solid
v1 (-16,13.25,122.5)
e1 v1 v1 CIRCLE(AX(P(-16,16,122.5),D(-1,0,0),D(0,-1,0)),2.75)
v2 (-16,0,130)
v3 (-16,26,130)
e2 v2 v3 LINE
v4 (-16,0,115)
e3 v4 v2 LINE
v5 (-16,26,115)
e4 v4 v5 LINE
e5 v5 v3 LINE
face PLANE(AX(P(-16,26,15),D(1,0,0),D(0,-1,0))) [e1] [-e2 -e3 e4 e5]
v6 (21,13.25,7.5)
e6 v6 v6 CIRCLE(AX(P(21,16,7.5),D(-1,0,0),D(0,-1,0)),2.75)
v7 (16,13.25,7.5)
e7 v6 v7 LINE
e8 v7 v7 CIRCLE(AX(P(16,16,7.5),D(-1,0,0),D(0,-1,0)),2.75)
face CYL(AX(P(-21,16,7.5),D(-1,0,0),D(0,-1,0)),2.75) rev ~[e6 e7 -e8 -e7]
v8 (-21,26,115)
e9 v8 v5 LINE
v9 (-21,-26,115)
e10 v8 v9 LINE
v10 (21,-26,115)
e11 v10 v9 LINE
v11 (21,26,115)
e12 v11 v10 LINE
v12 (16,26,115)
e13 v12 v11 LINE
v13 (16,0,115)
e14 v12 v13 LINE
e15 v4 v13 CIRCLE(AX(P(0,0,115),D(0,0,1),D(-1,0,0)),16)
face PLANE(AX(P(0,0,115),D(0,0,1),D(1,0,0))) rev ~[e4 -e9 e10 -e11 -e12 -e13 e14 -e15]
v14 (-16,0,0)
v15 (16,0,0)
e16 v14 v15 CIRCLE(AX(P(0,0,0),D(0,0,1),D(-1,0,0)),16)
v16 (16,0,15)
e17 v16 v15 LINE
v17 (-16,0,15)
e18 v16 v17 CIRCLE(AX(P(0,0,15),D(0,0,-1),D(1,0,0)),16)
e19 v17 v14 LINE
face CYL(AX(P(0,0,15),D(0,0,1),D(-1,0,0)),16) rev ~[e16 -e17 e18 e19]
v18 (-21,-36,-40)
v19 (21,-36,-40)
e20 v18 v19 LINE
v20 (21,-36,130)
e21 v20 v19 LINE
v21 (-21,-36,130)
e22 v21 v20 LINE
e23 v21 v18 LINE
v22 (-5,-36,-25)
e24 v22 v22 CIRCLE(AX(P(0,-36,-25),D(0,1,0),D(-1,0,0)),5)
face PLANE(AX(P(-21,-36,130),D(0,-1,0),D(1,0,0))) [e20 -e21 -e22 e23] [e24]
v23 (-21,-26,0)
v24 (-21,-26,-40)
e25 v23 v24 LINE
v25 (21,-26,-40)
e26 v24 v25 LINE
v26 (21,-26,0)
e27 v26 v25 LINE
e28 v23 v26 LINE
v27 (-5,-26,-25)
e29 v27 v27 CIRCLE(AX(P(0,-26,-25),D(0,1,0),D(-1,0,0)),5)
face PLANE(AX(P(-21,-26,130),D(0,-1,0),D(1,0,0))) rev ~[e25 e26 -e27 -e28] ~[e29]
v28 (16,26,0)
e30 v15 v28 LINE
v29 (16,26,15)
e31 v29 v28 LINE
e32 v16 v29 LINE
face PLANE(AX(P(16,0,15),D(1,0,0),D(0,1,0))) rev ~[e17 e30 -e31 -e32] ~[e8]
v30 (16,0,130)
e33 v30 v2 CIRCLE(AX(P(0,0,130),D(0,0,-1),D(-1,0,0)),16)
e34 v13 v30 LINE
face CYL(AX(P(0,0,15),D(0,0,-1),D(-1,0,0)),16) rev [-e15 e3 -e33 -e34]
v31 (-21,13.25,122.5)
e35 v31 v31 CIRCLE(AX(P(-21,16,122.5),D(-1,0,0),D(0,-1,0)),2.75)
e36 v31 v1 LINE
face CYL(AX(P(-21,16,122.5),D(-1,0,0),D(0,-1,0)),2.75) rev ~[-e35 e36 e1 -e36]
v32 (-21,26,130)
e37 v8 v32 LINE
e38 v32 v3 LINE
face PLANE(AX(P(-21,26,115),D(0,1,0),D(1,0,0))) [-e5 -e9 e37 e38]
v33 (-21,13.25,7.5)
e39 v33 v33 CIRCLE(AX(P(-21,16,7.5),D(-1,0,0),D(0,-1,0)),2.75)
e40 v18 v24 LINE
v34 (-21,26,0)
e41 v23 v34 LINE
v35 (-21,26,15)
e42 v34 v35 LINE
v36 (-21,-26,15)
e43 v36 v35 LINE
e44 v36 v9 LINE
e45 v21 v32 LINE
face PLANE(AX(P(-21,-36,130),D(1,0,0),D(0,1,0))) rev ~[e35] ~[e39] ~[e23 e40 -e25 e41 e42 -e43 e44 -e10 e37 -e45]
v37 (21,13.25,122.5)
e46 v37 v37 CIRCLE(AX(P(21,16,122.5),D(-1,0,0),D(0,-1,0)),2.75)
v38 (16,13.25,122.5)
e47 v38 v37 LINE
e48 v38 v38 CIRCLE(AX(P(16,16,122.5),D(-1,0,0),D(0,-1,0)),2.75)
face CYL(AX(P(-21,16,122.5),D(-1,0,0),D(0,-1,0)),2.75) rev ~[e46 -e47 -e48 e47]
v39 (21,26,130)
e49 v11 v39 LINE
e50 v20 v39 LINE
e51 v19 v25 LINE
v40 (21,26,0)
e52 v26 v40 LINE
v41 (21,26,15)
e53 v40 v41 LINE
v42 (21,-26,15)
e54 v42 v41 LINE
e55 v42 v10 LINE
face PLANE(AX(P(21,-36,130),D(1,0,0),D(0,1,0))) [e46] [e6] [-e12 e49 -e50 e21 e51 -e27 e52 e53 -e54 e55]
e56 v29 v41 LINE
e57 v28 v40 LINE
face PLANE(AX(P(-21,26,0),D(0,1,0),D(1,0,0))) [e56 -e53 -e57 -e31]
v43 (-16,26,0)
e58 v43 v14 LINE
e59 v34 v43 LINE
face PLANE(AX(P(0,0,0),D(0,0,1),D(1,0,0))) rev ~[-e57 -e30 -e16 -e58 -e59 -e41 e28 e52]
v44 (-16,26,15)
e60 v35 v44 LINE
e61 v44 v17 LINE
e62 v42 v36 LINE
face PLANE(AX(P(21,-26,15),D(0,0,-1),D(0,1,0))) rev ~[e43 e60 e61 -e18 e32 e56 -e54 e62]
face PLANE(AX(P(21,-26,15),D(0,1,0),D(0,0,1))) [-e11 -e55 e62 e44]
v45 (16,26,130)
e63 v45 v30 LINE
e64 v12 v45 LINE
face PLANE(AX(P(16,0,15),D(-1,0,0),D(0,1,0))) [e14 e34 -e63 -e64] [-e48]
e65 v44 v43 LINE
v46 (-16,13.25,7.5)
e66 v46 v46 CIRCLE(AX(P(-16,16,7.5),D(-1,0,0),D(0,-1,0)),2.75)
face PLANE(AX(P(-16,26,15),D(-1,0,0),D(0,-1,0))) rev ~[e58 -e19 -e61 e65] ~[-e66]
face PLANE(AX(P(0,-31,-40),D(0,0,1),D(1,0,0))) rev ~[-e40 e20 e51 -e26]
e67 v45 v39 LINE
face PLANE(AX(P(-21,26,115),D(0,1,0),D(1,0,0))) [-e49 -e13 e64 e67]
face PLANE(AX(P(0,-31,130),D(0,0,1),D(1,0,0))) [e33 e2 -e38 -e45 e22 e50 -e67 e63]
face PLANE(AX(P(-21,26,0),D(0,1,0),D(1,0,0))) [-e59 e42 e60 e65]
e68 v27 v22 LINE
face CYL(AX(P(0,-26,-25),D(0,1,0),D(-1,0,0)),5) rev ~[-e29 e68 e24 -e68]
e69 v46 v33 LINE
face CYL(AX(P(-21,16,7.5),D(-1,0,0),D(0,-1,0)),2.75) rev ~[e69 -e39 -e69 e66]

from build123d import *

# Parameters (mm, degrees)
F0_W      = 42
F0_H      = 52
F1_DEPTH  = 15
F3_DEPTH  = 50
F4_W      = 42
F4_H      = 10
F5_DEPTH  = 100
F6_W      = 42
F6_H      = 52
F7_DEPTH  = 15
F8_DEPTH  = 200
F9_W      = 42
F9_H      = 10
F10_DEPTH = 170
F11_R     = 5
F12_DEPTH = 25
F13_R     = 2.75
F14_DEPTH = 100
F15_W     = 10
F15_H     = 100
F16_DEPTH = 60


with BuildPart() as f1:
    # F0 (on Top) → F1 (new body)
    with BuildSketch(Plane.XY):
        Rectangle(F0_W, F0_H)
    extrude(amount=F1_DEPTH)

    # F2 (on face) → F3 (cut)
    with BuildSketch(Plane.XY.offset(15)):
        with BuildLine():
            Line((-16, 26), (-16, 0))
            ThreePointArc((-16, 0), (0, -16), (16, 0))
            Line((16, 0), (16, 26))
            Line((16, 26), (-16, 26))
        make_face()
    extrude(amount=-F3_DEPTH, mode=Mode.SUBTRACT)

    # F4 (on face) → F5 (join)
    with BuildSketch(Plane.XY.offset(15)):
        with Locations((0, -21)):
            Rectangle(F4_W, F4_H)
    extrude(amount=F5_DEPTH)

    # F6 (on face) → F7 (join)
    with BuildSketch(Plane.XY.offset(115)):
        Rectangle(F6_W, F6_H)
    extrude(amount=F7_DEPTH)

    # F2 (on face) → F8 (cut)
    with BuildSketch(Plane.XY.offset(15)):
        with BuildLine():
            Line((-16, 26), (-16, 0))
            ThreePointArc((-16, 0), (0, -16), (16, 0))
            Line((16, 0), (16, 26))
            Line((16, 26), (-16, 26))
        make_face()
    extrude(amount=F8_DEPTH, mode=Mode.SUBTRACT)

    # F9 (on face) → F10 (join)
    with BuildSketch(Plane.XY.offset(130)):
        with Locations((0, -31)):
            Rectangle(F9_W, F9_H)
    extrude(amount=-F10_DEPTH)

    # F11 (on face) → F12 (cut)
    with BuildSketch(Plane(origin=(0, -26, 0), x_dir=(-1, 0, 0), z_dir=(0, 1, 0))):
        with Locations((0, -25)):
            Circle(F11_R)
    extrude(amount=-F12_DEPTH, mode=Mode.SUBTRACT)

    # F13 (on face) → F14 (cut, symmetric)
    with BuildSketch(Plane(origin=(-21, 0, 0), x_dir=(0, -1, 0), z_dir=(-1, 0, 0))):
        with Locations((-16, 122.5)):
            Circle(F13_R)
        with Locations((-16, 7.5)):
            Circle(F13_R)
    extrude(amount=F14_DEPTH, both=True, mode=Mode.SUBTRACT)

    # F15 (on face) → F16 (cut)
    with BuildSketch(Plane.YZ.offset(21)):
        with Locations((-21, 65)):
            Rectangle(F15_W, F15_H)
    extrude(amount=-F16_DEPTH, mode=Mode.SUBTRACT)


solid = f1.part
